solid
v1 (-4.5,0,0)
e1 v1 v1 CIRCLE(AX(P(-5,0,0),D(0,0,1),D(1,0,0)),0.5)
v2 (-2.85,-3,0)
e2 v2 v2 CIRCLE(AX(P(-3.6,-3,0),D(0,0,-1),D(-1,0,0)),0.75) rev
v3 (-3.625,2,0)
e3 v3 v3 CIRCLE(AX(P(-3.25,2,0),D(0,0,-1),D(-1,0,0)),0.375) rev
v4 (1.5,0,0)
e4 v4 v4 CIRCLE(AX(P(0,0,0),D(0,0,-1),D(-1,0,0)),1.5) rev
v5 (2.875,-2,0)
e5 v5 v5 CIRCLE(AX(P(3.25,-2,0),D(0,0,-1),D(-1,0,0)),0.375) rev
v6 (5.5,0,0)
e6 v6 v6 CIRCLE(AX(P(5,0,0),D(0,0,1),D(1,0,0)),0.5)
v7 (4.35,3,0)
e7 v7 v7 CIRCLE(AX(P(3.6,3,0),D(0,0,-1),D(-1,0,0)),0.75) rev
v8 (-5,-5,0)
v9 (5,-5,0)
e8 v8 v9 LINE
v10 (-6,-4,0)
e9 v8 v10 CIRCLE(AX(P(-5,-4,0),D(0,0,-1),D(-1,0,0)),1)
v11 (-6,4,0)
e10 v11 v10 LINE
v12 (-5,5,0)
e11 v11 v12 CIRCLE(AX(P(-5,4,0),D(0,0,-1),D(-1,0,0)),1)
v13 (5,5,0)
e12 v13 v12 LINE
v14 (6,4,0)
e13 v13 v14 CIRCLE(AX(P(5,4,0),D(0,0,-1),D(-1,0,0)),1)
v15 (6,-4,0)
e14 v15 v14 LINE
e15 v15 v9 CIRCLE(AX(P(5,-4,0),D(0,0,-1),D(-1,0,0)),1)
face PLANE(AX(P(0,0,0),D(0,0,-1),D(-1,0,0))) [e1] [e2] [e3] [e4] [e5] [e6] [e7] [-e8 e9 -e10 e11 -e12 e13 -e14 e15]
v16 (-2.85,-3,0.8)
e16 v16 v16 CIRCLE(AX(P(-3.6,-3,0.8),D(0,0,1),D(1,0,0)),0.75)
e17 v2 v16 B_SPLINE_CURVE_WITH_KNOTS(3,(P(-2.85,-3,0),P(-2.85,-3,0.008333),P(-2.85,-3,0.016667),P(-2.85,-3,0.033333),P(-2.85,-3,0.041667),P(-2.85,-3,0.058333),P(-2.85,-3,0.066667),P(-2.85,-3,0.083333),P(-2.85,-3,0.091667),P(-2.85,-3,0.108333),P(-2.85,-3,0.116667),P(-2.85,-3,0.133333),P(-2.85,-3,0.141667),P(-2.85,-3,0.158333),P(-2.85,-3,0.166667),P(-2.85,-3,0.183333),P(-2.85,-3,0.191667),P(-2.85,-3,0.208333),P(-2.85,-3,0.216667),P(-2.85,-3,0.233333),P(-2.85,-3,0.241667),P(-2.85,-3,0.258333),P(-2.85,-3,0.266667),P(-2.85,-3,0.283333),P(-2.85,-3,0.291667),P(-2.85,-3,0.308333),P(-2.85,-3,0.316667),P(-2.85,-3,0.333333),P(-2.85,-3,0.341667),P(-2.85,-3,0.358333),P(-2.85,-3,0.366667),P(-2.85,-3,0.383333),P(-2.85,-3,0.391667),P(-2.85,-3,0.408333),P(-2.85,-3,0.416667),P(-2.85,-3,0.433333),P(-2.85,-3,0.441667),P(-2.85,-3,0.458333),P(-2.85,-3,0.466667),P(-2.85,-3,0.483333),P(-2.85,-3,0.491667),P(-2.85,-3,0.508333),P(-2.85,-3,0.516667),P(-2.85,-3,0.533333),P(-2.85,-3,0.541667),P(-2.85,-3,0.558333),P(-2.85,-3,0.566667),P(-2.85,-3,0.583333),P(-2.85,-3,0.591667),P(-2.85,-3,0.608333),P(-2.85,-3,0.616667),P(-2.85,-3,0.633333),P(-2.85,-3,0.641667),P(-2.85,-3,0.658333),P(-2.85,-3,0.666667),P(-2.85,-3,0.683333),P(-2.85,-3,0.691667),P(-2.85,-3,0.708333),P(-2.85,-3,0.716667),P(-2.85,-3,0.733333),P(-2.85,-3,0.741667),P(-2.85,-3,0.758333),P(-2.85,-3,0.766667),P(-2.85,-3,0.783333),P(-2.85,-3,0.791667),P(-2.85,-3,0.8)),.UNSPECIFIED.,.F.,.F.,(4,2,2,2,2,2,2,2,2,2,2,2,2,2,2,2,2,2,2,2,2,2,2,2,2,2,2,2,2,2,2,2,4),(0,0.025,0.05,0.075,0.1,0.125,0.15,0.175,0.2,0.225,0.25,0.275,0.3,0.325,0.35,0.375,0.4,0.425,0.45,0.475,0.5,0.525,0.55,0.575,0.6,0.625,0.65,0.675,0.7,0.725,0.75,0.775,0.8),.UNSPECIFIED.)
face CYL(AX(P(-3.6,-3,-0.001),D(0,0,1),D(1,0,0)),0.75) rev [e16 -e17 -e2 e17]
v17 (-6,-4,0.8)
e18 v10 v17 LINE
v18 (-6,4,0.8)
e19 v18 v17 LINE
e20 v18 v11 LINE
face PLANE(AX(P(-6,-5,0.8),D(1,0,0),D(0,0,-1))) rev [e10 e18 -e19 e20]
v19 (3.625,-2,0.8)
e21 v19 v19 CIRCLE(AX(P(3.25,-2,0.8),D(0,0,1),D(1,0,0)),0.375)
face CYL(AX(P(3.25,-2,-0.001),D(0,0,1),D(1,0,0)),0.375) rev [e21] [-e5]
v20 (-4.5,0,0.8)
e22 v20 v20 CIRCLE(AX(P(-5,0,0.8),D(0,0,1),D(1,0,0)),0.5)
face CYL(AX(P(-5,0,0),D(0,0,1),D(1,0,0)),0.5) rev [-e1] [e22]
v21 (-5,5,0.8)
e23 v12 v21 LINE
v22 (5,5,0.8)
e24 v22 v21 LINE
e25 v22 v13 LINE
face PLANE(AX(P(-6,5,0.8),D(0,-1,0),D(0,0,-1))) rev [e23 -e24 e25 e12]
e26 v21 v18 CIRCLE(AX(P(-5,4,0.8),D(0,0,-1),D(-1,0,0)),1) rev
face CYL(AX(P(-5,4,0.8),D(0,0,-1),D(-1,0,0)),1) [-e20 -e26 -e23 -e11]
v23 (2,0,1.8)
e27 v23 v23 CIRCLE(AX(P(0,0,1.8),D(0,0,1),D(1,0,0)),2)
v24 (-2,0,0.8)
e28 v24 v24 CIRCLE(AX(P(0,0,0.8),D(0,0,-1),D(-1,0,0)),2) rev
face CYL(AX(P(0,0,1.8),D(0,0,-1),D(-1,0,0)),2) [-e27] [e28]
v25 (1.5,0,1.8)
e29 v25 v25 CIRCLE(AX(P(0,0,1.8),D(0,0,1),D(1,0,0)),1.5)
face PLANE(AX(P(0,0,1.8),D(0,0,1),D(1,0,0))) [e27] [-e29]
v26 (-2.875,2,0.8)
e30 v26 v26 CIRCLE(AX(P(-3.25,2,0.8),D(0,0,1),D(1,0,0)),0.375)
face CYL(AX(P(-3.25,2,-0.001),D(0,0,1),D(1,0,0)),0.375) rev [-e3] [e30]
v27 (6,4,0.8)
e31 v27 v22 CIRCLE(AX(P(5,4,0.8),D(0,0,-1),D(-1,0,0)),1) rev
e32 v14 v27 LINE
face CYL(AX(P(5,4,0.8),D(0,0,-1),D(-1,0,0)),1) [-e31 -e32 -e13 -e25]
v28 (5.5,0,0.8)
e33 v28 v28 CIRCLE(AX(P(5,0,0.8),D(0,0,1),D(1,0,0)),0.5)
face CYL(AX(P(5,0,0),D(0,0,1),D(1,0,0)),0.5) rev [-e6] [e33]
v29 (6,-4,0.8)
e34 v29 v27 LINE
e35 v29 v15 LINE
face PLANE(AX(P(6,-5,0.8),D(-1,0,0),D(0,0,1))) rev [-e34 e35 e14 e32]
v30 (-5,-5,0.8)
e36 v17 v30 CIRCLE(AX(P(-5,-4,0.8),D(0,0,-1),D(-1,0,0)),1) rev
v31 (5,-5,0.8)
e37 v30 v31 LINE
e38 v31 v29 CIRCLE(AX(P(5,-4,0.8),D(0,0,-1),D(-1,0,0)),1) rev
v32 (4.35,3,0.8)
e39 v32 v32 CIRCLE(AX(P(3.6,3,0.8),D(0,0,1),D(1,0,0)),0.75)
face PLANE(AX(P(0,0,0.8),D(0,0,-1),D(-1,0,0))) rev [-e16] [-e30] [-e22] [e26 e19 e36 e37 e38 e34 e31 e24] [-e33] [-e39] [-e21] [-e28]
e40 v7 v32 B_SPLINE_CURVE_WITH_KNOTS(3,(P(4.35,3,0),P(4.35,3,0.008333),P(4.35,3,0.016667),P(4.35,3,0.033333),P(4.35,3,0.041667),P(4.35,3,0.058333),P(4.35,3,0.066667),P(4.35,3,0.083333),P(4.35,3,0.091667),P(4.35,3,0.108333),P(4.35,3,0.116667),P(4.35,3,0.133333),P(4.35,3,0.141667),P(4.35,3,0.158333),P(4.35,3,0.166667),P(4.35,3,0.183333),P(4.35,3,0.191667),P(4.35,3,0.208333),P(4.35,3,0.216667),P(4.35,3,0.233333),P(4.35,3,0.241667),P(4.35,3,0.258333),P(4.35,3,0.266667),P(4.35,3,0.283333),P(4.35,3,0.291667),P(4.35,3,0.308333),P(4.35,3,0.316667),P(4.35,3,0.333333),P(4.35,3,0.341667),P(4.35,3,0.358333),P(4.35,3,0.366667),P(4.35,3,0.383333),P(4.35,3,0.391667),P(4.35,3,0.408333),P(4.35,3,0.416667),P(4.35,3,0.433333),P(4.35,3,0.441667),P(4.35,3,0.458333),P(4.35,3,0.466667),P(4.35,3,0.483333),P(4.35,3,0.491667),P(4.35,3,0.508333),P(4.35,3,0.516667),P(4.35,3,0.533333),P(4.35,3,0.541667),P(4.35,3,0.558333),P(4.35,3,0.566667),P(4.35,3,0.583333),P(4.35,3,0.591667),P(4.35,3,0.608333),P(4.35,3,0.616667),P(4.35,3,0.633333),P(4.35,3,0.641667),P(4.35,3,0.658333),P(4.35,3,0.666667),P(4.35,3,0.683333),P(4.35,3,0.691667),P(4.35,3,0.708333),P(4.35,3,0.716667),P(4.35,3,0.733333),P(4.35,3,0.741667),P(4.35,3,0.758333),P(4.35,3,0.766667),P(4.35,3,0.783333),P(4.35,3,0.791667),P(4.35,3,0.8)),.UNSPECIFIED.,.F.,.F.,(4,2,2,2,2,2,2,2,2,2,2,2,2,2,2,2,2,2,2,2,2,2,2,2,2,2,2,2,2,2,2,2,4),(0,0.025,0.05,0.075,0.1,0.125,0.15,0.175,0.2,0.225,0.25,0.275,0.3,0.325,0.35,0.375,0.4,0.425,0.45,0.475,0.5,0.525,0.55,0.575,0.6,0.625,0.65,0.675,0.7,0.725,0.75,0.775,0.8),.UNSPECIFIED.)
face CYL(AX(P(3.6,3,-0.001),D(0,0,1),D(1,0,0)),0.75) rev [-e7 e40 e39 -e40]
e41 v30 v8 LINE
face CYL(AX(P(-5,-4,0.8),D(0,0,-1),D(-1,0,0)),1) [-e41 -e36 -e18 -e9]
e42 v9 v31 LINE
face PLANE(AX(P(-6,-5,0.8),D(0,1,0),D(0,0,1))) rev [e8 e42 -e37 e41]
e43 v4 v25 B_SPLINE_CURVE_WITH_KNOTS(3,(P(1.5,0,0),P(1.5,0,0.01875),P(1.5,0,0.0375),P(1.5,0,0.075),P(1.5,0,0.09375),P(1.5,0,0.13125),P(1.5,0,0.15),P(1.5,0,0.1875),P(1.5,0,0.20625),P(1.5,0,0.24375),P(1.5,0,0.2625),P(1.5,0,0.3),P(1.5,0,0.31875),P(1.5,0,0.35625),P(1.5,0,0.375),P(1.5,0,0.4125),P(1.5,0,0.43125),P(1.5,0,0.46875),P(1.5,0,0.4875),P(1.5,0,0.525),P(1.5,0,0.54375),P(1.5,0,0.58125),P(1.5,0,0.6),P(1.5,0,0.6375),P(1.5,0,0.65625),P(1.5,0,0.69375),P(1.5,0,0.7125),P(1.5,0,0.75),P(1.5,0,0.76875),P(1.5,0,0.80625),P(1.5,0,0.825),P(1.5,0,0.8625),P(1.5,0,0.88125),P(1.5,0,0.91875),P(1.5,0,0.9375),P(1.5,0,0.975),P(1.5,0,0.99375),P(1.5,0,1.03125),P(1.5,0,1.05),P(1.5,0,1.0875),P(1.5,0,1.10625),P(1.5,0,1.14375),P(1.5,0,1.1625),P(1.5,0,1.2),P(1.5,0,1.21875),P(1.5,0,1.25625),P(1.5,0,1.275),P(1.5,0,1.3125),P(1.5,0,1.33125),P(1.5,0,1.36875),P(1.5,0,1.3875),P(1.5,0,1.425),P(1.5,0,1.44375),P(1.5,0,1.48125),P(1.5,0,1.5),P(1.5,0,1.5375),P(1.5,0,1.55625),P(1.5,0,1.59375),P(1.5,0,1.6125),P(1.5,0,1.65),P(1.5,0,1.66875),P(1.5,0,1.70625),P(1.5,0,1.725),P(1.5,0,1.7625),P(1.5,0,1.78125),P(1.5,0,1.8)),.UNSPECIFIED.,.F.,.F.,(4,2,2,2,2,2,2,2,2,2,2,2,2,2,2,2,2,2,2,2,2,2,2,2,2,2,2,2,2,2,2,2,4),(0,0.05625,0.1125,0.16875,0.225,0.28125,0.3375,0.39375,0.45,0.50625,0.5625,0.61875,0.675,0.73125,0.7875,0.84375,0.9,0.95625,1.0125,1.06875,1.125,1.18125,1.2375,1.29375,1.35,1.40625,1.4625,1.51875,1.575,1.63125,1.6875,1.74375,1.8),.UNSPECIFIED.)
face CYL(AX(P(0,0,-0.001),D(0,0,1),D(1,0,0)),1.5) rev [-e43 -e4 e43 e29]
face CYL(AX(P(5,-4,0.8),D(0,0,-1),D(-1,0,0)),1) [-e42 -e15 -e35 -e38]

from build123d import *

# Parameters (mm, degrees)
SKETCH_1_W          = 12
SKETCH_1_H          = 10
EXTRUDE_1_DEPTH     = 0.8
CUT_EXTRUDE_1_REACH = 9.851
SKETCH_2_R          = 1.5
SKETCH_2_R_2        = 0.75
SKETCH_2_R_3        = 0.375
FILLET_1_R          = 1
SKETCH_5_R          = 0.5
CUT_EXTRUDE_2_DEPTH = 8.851114571
EXTRUDE_START       = 1
SKETCH_14_R         = 2
SKETCH_14_R_2       = 1.5
EXTRUDE_2_DEPTH     = 1


with BuildPart() as part:
    # Эскиз1 → Бобышка-Вытянуть1 (new body)
    with BuildSketch(Plane.XY):
        Rectangle(SKETCH_1_W, SKETCH_1_H)
    extrude(amount=EXTRUDE_1_DEPTH)

    # Эскиз2 → Вырез-Вытянуть1 (cut, up to next)
    with BuildSketch(Plane.XY.offset(0.8), mode=Mode.PRIVATE) as cut_extrude_1_sk1:
        Circle(SKETCH_2_R)
    cut_extrude_1_tool1 = extrude(cut_extrude_1_sk1.sketch, amount=-CUT_EXTRUDE_1_REACH, mode=Mode.PRIVATE) & part.part
    # Эскиз2 → Вырез-Вытянуть1 (cut, up to next)
    with BuildSketch(Plane.XY.offset(0.8), mode=Mode.PRIVATE) as cut_extrude_1_sk2:
        with Locations((-3.6, -3)):
            Circle(SKETCH_2_R_2)
    cut_extrude_1_tool2 = extrude(cut_extrude_1_sk2.sketch, amount=-CUT_EXTRUDE_1_REACH, mode=Mode.PRIVATE) & part.part
    # Эскиз2 → Вырез-Вытянуть1 (cut, up to next)
    with BuildSketch(Plane.XY.offset(0.8), mode=Mode.PRIVATE) as cut_extrude_1_sk3:
        with Locations((3.6, 3)):
            Circle(SKETCH_2_R_2)
    cut_extrude_1_tool3 = extrude(cut_extrude_1_sk3.sketch, amount=-CUT_EXTRUDE_1_REACH, mode=Mode.PRIVATE) & part.part
    # Эскиз2 → Вырез-Вытянуть1 (cut, up to next)
    with BuildSketch(Plane.XY.offset(0.8), mode=Mode.PRIVATE) as cut_extrude_1_sk4:
        with Locations((3.25, -2)):
            Circle(SKETCH_2_R_3)
    cut_extrude_1_tool4 = extrude(cut_extrude_1_sk4.sketch, amount=-CUT_EXTRUDE_1_REACH, mode=Mode.PRIVATE) & part.part
    # Эскиз2 → Вырез-Вытянуть1 (cut, up to next)
    with BuildSketch(Plane.XY.offset(0.8), mode=Mode.PRIVATE) as cut_extrude_1_sk5:
        with Locations((-3.25, 2)):
            Circle(SKETCH_2_R_3)
    cut_extrude_1_tool5 = extrude(cut_extrude_1_sk5.sketch, amount=-CUT_EXTRUDE_1_REACH, mode=Mode.PRIVATE) & part.part
    add(cut_extrude_1_tool1.solids().sort_by_distance((0, 0, 0.8))[0], mode=Mode.SUBTRACT)
    add(cut_extrude_1_tool2.solids().sort_by_distance((-3.6, -3, 0.8))[0], mode=Mode.SUBTRACT)
    add(cut_extrude_1_tool3.solids().sort_by_distance((3.6, 3, 0.8))[0], mode=Mode.SUBTRACT)
    add(cut_extrude_1_tool4.solids().sort_by_distance((3.25, -2, 0.8))[0], mode=Mode.SUBTRACT)
    add(cut_extrude_1_tool5.solids().sort_by_distance((-3.25, 2, 0.8))[0], mode=Mode.SUBTRACT)

    # Скругление1
    fillet_1_edges = [part.edges().sort_by_distance(p)[0] for p in [
        (6, -5, 0.4),
        (-6, -5, 0.4),
        (-6, 5, 0.4),
        (6, 5, 0.4),
    ]]
    fillet(fillet_1_edges, radius=FILLET_1_R)

    # Эскиз5 → Вырез-Вытянуть2 (cut, through all)
    with BuildSketch(Plane.XY.offset(0.8)):
        with Locations((5, 0)):
            Circle(SKETCH_5_R)
        with Locations((-5, 0)):
            Circle(SKETCH_5_R)
    extrude(amount=-CUT_EXTRUDE_2_DEPTH, mode=Mode.SUBTRACT)

    # Эскиз14 → Бобышка-Вытянуть2 (add)
    with BuildSketch(Plane.XY.offset(0.8).offset(EXTRUDE_START)):
        with Locations(Location((0, 0, 0), (0, 0, 180))):
            Circle(SKETCH_14_R)
        Circle(SKETCH_14_R_2, mode=Mode.SUBTRACT)
    extrude(amount=-EXTRUDE_2_DEPTH)


solid = part.part
